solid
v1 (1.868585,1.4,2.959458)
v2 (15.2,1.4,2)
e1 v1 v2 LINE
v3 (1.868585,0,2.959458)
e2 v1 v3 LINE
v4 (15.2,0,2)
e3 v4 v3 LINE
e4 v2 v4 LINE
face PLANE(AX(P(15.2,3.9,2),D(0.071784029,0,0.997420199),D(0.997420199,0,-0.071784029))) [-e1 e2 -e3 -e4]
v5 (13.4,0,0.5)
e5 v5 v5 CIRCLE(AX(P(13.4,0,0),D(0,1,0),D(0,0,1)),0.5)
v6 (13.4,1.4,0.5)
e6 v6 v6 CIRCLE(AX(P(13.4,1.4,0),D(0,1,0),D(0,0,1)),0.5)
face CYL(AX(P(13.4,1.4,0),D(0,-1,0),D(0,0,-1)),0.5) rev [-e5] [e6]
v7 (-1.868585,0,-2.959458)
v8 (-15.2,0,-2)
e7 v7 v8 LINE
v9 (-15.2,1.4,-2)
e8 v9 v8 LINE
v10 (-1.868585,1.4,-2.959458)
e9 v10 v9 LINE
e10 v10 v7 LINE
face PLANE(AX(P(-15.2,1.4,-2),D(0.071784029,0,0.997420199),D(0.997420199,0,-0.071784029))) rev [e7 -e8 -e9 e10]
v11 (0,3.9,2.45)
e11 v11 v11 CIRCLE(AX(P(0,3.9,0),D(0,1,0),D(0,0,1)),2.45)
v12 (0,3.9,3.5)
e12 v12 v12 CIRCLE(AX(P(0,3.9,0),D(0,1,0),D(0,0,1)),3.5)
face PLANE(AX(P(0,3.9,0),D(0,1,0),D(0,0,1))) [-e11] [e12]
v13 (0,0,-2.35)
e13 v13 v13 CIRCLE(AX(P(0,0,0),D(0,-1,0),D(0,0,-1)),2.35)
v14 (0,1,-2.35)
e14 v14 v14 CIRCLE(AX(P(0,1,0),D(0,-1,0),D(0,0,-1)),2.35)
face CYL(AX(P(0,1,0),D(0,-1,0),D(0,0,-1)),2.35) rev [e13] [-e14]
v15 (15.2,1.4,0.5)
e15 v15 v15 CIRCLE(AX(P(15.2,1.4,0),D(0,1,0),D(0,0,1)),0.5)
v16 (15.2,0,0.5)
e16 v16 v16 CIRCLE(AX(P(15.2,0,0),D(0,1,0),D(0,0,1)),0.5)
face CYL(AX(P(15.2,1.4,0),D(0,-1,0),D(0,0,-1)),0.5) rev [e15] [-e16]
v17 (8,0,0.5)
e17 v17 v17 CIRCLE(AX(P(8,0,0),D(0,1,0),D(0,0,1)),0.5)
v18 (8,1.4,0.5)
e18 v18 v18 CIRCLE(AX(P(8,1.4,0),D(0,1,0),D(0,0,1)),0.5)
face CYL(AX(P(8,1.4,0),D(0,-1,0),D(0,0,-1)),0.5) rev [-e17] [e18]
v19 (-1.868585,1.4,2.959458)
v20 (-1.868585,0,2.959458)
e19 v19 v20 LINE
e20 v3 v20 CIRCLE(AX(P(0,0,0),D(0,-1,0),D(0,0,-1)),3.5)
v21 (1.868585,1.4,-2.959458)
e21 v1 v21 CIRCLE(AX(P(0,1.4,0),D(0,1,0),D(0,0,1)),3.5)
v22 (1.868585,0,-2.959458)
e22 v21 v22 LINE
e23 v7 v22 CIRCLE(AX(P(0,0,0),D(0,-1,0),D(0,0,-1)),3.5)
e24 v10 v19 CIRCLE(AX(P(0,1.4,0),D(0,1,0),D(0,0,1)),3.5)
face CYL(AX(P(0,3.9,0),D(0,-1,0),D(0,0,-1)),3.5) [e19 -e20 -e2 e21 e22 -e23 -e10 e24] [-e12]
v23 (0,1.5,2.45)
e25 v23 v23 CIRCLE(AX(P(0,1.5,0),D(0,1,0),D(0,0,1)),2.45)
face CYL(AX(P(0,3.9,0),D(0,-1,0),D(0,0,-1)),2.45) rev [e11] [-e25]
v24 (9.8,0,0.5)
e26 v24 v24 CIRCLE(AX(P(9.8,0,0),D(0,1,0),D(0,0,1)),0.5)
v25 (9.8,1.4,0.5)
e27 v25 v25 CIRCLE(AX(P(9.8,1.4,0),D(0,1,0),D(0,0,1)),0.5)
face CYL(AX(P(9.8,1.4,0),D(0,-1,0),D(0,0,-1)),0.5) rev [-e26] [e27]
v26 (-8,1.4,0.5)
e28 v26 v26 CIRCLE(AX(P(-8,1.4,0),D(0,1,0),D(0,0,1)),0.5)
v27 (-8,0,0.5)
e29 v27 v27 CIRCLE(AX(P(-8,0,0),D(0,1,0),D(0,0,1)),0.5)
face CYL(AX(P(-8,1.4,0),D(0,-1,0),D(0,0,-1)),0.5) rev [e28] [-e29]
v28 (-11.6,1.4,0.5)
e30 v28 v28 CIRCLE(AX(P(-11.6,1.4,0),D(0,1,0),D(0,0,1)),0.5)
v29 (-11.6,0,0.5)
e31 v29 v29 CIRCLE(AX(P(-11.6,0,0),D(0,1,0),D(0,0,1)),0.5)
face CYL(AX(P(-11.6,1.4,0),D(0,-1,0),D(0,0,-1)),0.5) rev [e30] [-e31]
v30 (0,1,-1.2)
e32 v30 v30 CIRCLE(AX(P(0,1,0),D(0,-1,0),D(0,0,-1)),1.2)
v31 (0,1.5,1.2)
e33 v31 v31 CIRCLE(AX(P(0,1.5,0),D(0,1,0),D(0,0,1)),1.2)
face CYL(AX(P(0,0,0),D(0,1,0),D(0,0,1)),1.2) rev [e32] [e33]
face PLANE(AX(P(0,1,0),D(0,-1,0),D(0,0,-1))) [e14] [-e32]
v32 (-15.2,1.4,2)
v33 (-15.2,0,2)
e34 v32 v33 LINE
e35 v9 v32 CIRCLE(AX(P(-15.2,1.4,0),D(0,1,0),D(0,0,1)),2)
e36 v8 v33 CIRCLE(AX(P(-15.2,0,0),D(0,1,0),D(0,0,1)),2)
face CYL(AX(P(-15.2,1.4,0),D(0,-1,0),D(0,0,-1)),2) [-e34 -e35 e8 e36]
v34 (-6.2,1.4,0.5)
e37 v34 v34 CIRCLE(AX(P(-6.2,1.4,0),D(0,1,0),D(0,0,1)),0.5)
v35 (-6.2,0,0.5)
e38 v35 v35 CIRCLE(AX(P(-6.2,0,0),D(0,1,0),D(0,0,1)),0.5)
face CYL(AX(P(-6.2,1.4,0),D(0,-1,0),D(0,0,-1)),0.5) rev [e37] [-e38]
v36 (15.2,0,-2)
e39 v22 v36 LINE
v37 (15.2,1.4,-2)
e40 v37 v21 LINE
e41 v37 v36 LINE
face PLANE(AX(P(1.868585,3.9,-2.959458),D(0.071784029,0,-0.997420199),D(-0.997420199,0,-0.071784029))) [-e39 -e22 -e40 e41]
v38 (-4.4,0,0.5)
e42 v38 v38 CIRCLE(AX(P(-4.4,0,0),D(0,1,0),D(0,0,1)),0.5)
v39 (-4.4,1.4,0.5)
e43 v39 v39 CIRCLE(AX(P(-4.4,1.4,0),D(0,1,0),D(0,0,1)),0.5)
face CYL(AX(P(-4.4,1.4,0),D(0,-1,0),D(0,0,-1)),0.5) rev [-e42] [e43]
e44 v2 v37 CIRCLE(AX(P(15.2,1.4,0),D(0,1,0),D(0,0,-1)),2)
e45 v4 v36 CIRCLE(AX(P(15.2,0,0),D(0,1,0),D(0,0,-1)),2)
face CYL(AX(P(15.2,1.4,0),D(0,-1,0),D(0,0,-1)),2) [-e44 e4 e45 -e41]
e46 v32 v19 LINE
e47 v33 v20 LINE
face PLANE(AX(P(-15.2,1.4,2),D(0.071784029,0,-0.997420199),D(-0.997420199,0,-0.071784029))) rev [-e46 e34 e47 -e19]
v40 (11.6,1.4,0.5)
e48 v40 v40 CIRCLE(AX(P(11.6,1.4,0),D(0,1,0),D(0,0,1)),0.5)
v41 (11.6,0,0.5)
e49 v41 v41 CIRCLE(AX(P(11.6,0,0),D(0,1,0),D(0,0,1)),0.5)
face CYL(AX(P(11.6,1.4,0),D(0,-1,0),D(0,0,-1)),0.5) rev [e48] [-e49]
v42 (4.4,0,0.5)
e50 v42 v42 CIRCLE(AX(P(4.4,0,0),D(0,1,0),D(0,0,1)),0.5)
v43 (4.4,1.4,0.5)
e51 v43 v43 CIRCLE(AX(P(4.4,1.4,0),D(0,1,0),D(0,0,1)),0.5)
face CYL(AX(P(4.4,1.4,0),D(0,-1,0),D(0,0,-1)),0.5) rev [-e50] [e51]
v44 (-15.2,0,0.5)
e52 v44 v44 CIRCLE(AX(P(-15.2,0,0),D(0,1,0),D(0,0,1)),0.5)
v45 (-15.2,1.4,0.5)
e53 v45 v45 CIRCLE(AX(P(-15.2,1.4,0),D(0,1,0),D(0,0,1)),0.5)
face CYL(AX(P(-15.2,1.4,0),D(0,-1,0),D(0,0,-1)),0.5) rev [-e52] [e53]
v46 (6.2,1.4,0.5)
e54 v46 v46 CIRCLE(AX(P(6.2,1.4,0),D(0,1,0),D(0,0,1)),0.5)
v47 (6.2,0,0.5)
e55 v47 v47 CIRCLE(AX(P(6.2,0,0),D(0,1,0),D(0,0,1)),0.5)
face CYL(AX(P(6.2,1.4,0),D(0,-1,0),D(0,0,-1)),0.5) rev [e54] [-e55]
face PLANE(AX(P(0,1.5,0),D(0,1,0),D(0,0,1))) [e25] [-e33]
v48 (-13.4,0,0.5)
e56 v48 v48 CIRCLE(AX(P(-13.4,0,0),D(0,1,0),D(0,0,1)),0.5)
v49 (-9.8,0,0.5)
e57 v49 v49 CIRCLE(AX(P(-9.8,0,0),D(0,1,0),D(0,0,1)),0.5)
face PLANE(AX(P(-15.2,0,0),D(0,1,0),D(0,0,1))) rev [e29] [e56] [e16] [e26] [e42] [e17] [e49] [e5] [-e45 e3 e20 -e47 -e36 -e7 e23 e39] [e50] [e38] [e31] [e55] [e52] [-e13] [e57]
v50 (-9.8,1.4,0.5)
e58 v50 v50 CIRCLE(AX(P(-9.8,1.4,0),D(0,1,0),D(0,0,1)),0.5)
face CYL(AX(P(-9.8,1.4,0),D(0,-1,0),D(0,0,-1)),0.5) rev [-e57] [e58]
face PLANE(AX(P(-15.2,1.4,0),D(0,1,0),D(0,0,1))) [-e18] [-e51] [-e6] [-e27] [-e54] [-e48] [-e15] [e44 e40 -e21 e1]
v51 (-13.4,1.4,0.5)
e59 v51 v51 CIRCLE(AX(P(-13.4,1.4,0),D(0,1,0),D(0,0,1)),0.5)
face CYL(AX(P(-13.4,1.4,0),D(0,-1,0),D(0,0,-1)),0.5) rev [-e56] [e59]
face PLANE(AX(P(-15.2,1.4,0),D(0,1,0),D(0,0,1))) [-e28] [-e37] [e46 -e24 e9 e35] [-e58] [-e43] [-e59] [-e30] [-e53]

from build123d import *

# Parameters (mm, degrees)
SKETCH1_R           = 0.5
BOSS_EXTRUDE1_DEPTH = 1.4
SKETCH2_R           = 2.35
CUT_EXTRUDE1_DEPTH  = 1
SKETCH3_R           = 3.5
SKETCH3_R_2         = 2.45
BOSS_EXTRUDE2_DEPTH = 2.5
SKETCH4_R           = 1.2
CUT_EXTRUDE2_DEPTH  = 2.4
SKETCH5_R           = 2.45
SKETCH5_R_2         = 1.2
BOSS_EXTRUDE3_DEPTH = 0.1
SKETCH6_W           = 35.735260114
SKETCH6_H           = 17.672039004
CUT_EXTRUDE4_DEPTH  = 4.9


with BuildPart() as part:
    # Sketch1 → Boss-Extrude1 (new body)
    with BuildSketch(Plane(origin=(0, 0, 0), x_dir=(1, 0, 0), z_dir=(0, 1, 0))):
        with BuildLine():
            Line((-15.2, 2), (-2, 2.95))
            Line((-2, 2.95), (-2, 6.35))
            ThreePointArc((-2, 6.35), (0, 8.35), (2, 6.35))
            Line((2, 6.35), (2, 3.5))
            Line((2, 3.5), (15.2, 2))
            ThreePointArc((15.2, 2), (17.2, 0), (15.2, -2))
            Line((15.2, -2), (2, -3.5))
            Line((2, -3.5), (2, -6.35))
            ThreePointArc((2, -6.35), (0, -8.35), (-2, -6.35))
            Line((-2, -6.35), (-2, -2.95))
            Line((-2, -2.95), (-15.2, -2))
            ThreePointArc((-15.2, -2), (-17.2, 0), (-15.2, 2))
        make_face()
        with Locations((0, 6.35)):
            Circle(SKETCH1_R, mode=Mode.SUBTRACT)
        with Locations((0, 4.55)):
            Circle(SKETCH1_R, mode=Mode.SUBTRACT)
        with Locations((0, -4.55)):
            Circle(SKETCH1_R, mode=Mode.SUBTRACT)
        with Locations((0, -6.35)):
            Circle(SKETCH1_R, mode=Mode.SUBTRACT)
        with Locations((-15.2, 0)):
            Circle(SKETCH1_R, mode=Mode.SUBTRACT)
        with Locations((15.2, 0)):
            Circle(SKETCH1_R, mode=Mode.SUBTRACT)
        with Locations((-13.4, 0)):
            Circle(SKETCH1_R, mode=Mode.SUBTRACT)
        with Locations((-11.6, 0)):
            Circle(SKETCH1_R, mode=Mode.SUBTRACT)
        with Locations((-9.8, 0)):
            Circle(SKETCH1_R, mode=Mode.SUBTRACT)
        with Locations((-8, 0)):
            Circle(SKETCH1_R, mode=Mode.SUBTRACT)
        with Locations((-6.2, 0)):
            Circle(SKETCH1_R, mode=Mode.SUBTRACT)
        with Locations((-4.4, 0)):
            Circle(SKETCH1_R, mode=Mode.SUBTRACT)
        with Locations((13.4, 0)):
            Circle(SKETCH1_R, mode=Mode.SUBTRACT)
        with Locations((11.6, 0)):
            Circle(SKETCH1_R, mode=Mode.SUBTRACT)
        with Locations((9.8, 0)):
            Circle(SKETCH1_R, mode=Mode.SUBTRACT)
        with Locations((8, 0)):
            Circle(SKETCH1_R, mode=Mode.SUBTRACT)
        with Locations((6.2, 0)):
            Circle(SKETCH1_R, mode=Mode.SUBTRACT)
        with Locations((4.4, 0)):
            Circle(SKETCH1_R, mode=Mode.SUBTRACT)
    extrude(amount=BOSS_EXTRUDE1_DEPTH)

    # Sketch2 → Cut-Extrude1 (cut)
    with BuildSketch(Plane.XZ):
        Circle(SKETCH2_R)
    extrude(amount=-CUT_EXTRUDE1_DEPTH, mode=Mode.SUBTRACT)

    # Sketch3 → Boss-Extrude2 (add)
    with BuildSketch(Plane(origin=(0, 1.4, 0), x_dir=(1, 0, 0), z_dir=(0, 1, 0))):
        Circle(SKETCH3_R)
        Circle(SKETCH3_R_2, mode=Mode.SUBTRACT)
    extrude(amount=BOSS_EXTRUDE2_DEPTH)

    # Sketch4 → Cut-Extrude2 (cut, through all)
    with BuildSketch(Plane(origin=(0, 1.4, 0), x_dir=(1, 0, 0), z_dir=(0, 1, 0))):
        Circle(SKETCH4_R)
    extrude(amount=-CUT_EXTRUDE2_DEPTH, mode=Mode.SUBTRACT)

    # Sketch5 → Boss-Extrude3 (add)
    with BuildSketch(Plane(origin=(0, 1.4, 0), x_dir=(1, 0, 0), z_dir=(0, 1, 0))):
        Circle(SKETCH5_R)
        Circle(SKETCH5_R_2, mode=Mode.SUBTRACT)
    extrude(amount=BOSS_EXTRUDE3_DEPTH)

    # Sketch6 → Cut-Extrude4 (cut, through all)
    with BuildSketch(Plane.XZ):
        Rectangle(SKETCH6_W, SKETCH6_H)
        with BuildLine():
            Line((-1.868584713, -2.959457918), (-15.2, -2))
            ThreePointArc((-15.2, -2), (-17.2, 0), (-15.2, 2))
            Line((-15.2, 2), (-1.868584713, 2.959457918))
            ThreePointArc((-1.868584713, 2.959457918), (0, 3.5), (1.868584713, 2.959457918))
            Line((1.868584713, 2.959457918), (15.2, 2))
            ThreePointArc((15.2, 2), (17.2, 0), (15.2, -2))
            Line((15.2, -2), (1.868584713, -2.959457918))
            ThreePointArc((1.868584713, -2.959457918), (0, -3.5), (-1.868584713, -2.959457918))
        make_face(mode=Mode.SUBTRACT)
    extrude(amount=-CUT_EXTRUDE4_DEPTH, mode=Mode.SUBTRACT)


solid = part.part
